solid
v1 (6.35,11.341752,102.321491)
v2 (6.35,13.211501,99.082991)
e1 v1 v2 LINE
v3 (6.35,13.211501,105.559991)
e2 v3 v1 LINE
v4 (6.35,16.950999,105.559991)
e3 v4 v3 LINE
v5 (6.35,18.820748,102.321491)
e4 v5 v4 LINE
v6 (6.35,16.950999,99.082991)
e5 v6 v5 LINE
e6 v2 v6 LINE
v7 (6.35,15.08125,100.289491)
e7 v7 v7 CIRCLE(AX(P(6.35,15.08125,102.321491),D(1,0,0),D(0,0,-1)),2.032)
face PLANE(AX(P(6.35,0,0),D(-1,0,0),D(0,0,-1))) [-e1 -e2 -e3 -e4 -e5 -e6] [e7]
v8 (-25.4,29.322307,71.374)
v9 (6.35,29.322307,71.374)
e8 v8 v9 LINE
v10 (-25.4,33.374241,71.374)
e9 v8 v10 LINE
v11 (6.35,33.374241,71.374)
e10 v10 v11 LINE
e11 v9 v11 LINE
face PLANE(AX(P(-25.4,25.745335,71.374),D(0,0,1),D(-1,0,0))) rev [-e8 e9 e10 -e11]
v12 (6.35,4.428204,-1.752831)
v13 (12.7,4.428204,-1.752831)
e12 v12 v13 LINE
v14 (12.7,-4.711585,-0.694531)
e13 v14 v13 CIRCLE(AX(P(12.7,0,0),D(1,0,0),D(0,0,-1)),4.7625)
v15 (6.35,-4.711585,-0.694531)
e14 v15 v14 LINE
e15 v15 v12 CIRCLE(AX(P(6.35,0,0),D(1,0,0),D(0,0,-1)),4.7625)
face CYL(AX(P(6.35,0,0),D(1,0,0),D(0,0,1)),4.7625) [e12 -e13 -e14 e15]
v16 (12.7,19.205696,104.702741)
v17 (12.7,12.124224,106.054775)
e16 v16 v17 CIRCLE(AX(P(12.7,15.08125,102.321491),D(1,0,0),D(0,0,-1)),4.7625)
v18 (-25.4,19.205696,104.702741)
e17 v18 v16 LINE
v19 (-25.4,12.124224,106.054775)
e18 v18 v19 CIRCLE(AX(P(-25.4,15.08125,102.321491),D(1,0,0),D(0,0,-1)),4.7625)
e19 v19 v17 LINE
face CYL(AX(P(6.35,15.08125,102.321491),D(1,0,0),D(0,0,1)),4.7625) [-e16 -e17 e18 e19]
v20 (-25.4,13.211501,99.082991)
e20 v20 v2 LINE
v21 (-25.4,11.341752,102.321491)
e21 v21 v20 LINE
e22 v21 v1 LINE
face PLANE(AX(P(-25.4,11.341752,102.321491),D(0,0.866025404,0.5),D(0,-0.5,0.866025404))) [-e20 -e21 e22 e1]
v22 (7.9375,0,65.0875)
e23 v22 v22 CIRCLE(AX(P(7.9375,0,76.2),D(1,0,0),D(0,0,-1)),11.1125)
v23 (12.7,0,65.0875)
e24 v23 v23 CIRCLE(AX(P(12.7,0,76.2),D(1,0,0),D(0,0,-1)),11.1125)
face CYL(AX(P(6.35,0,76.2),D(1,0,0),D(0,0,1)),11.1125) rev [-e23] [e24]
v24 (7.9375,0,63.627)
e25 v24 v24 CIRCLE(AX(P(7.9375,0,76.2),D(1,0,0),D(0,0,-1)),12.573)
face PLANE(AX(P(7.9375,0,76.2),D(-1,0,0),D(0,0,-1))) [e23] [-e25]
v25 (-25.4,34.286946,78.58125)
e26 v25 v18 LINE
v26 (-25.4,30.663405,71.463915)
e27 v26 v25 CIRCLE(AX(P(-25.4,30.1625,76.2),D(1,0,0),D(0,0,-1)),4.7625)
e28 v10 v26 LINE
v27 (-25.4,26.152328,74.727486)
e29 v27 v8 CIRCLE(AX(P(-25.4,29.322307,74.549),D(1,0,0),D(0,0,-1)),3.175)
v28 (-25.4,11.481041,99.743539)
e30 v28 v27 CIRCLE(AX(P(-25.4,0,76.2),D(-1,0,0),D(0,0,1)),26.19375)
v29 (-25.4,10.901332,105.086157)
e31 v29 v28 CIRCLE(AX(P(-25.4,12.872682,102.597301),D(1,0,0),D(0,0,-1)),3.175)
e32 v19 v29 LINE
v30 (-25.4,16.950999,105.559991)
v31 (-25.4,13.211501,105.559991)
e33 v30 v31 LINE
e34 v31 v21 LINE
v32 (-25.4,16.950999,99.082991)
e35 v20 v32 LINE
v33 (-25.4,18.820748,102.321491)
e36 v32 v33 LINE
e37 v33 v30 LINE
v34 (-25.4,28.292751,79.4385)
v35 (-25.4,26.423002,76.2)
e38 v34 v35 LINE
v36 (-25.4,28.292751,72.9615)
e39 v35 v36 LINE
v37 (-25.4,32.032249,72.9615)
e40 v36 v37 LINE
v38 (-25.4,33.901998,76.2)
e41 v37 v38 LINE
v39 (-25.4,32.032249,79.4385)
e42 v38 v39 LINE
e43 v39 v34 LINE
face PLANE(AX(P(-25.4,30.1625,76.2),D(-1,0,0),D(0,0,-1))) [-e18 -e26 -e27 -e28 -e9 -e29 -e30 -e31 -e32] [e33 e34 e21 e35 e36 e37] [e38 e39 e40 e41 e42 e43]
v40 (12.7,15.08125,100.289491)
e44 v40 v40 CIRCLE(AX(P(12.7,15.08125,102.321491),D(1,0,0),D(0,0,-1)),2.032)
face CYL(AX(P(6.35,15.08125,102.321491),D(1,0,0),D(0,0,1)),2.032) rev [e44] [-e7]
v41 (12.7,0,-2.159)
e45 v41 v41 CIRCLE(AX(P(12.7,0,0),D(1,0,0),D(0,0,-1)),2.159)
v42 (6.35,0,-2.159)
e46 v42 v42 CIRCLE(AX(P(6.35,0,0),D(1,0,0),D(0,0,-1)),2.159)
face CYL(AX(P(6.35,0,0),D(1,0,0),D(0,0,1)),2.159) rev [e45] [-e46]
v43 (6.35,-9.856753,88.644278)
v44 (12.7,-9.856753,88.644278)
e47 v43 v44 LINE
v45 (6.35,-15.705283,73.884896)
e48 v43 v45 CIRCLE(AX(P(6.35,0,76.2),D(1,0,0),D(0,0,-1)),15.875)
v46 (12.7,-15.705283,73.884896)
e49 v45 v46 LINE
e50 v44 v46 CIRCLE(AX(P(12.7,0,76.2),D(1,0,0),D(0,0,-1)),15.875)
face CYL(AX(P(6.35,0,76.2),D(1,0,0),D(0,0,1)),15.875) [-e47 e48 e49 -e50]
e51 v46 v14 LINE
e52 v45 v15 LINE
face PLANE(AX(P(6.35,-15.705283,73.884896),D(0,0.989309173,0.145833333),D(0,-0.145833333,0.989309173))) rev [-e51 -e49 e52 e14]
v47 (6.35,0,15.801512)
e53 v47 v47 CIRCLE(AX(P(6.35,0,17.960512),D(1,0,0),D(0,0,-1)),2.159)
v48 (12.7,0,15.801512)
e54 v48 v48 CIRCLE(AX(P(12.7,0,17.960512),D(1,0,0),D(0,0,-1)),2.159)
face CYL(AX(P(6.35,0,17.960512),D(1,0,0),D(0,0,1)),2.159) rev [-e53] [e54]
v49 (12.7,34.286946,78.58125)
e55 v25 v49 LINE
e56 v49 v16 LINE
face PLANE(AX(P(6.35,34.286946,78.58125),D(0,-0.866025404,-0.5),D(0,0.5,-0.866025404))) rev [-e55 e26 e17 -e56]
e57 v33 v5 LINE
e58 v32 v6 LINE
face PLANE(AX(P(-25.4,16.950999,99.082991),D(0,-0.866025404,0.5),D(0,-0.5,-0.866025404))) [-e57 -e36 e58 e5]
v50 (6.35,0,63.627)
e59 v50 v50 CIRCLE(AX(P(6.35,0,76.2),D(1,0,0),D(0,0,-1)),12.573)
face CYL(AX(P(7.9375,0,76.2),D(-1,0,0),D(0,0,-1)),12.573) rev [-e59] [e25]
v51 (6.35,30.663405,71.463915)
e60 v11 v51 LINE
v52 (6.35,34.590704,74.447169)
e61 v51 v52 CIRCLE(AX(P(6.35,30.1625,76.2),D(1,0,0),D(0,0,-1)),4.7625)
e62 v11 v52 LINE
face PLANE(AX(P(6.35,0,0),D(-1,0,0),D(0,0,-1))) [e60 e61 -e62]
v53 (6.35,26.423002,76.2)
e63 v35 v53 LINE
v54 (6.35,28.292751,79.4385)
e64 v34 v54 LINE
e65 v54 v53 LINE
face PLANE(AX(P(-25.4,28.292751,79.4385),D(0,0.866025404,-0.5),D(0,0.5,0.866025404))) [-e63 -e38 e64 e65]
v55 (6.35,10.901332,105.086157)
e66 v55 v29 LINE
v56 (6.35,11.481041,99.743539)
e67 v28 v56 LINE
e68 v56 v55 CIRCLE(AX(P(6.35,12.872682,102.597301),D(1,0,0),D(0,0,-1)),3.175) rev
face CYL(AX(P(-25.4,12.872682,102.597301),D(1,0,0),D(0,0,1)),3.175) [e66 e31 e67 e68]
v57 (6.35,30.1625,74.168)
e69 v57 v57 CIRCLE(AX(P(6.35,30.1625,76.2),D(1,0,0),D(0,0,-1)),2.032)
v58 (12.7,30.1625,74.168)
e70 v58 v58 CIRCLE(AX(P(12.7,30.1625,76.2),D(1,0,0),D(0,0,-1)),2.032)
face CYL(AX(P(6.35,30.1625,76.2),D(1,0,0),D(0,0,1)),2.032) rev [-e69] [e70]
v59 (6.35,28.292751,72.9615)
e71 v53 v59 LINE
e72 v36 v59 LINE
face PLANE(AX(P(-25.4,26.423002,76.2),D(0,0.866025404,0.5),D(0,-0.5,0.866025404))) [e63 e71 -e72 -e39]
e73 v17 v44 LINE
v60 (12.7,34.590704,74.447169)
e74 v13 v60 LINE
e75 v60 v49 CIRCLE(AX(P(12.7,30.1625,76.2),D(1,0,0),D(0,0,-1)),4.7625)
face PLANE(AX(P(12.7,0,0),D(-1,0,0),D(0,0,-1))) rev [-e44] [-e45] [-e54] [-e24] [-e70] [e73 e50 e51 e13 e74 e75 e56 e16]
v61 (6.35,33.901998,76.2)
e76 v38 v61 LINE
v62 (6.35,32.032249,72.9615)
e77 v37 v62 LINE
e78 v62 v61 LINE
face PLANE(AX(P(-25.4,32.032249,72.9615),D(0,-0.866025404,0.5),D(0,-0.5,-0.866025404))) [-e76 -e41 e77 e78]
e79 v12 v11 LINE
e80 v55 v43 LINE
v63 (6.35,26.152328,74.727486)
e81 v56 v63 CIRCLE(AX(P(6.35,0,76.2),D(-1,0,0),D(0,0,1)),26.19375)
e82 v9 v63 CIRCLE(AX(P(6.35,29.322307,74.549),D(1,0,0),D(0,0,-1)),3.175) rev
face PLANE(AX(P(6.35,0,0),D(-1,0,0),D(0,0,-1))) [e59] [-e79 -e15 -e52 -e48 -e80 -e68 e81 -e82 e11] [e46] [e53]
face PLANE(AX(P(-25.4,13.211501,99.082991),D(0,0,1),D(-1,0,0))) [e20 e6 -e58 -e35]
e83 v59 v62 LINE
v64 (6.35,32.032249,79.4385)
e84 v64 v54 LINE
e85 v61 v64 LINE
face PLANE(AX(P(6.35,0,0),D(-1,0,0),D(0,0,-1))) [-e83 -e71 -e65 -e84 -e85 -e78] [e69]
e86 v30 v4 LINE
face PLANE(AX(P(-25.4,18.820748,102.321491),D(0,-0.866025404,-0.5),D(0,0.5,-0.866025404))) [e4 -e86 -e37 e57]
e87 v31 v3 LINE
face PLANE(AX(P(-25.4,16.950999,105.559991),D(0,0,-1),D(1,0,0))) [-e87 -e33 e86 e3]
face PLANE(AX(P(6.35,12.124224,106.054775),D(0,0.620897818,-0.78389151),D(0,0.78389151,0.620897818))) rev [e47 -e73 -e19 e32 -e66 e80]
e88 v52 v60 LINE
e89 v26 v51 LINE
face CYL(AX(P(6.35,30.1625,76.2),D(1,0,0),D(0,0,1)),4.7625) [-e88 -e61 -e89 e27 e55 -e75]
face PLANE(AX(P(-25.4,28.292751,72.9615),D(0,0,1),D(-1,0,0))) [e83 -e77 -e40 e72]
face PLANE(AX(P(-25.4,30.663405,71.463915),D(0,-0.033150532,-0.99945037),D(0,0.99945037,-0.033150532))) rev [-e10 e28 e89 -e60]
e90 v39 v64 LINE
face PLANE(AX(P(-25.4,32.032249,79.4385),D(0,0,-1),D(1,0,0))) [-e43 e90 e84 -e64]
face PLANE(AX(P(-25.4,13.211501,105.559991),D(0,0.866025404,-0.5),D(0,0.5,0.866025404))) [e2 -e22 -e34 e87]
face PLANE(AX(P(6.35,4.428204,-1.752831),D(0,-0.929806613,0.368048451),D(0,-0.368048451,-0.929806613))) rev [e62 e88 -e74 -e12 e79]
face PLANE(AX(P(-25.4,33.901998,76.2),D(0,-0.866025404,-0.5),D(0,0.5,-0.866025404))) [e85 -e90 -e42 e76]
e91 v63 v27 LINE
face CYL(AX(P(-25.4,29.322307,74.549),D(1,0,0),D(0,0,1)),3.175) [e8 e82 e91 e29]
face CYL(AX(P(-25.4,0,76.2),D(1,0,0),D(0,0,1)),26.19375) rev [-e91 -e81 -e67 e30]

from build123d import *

# Parameters (mm, degrees)
SKETCH1_R           = 2.159
SKETCH1_R_2         = 11.112499999999992
SKETCH1_R_3         = 2.032000000000007
SKETCH1_R_4         = 2.0320000000000227
SKETCH1_R_5         = 2.159000000000001
BOSS_EXTRUDE1_DEPTH = 6.35
SKETCH2_R           = 12.573000000000004
CUT_EXTRUDE1_DEPTH  = 1.5875
BOSS_EXTRUDE2_DEPTH = 31.75
FILLET1_R           = 3.175


with BuildPart() as part:
    # Sketch1 → Boss-Extrude1 (new body)
    with BuildSketch(Plane(origin=(0, 0, 0), x_dir=(0, 0, -1), z_dir=(1, 0, 0))):
        with BuildLine():
            Line((1.7528307479226393, 4.428203994751931), (-74.44716925207737, 34.59070399475192))
            ThreePointArc((-74.44716925207737, 34.59070399475192), (-76.54899129091997, 34.912195919620736), (-78.58125, 34.28694598552338))
            Line((-78.58125, 34.28694598552338), (-104.70274124164806, 19.205695985523498))
            ThreePointArc((-104.70274124164806, 19.205695985523498), (-106.99949191381467, 15.974399461853373), (-106.05477455872966, 12.124224142081344))
            Line((-106.05477455872966, 12.124224142081344), (-88.64427772360533, -9.856752859729227))
            ThreePointArc((-88.64427772360533, -9.856752859729227), (-82.04819337667968, -14.758531743671528), (-73.88489583333335, -15.705283114209777))
            Line((-73.88489583333335, -15.705283114209777), (0.6945312500000005, -4.711584934262932))
            ThreePointArc((0.6945312500000005, -4.711584934262932), (4.730891100411702, -0.5477916082283132), (1.7528307479226393, 4.428203994751931))
        make_face()
        Circle(SKETCH1_R, mode=Mode.SUBTRACT)
        with Locations((-76.2, -9.33e-15)):
            Circle(SKETCH1_R_2, mode=Mode.SUBTRACT)
        with Locations((-76.2, 30.162499999999987)):
            Circle(SKETCH1_R_3, mode=Mode.SUBTRACT)
        with Locations((-102.32149124164806, 15.081250000000113)):
            Circle(SKETCH1_R_4, mode=Mode.SUBTRACT)
        with Locations((-17.960512242138307, -2.2e-15)):
            Circle(SKETCH1_R_5, mode=Mode.SUBTRACT)
    extrude(amount=BOSS_EXTRUDE1_DEPTH)

    # Sketch2 → Cut-Extrude1 (cut)
    with BuildSketch(Plane(origin=(6.35, 0, 0), x_dir=(0, 0, -1), z_dir=(1, 0, 0))):
        with Locations((-76.2, -9.33e-15)):
            Circle(SKETCH2_R)
    extrude(amount=-CUT_EXTRUDE1_DEPTH, mode=Mode.SUBTRACT)

    # Sketch3 → Boss-Extrude2 (add)
    with BuildSketch(Plane(origin=(6.35, 0, 0), x_dir=(0, 0, -1), z_dir=(1, 0, 0))):
        with BuildLine():
            Line((-78.58125000000001, 34.286945985523374), (-104.70274124164803, 19.20569598552344))
            ThreePointArc((-104.70274124164803, 19.20569598552344), (-106.9994919138146, 15.974399461853357), (-106.05477455872966, 12.124224142081344))
            Line((-106.05477455872966, 12.124224142081344), (-101.58067912721546, 6.475620904888487))
            ThreePointArc((-101.58067912721546, 6.475620904888487), (-90.28737650298505, 22.08298807511437), (-71.374, 25.745334782490193))
            Line((-71.374, 25.745334782490193), (-71.374, 33.37424116580463))
            Line((-71.374, 33.37424116580463), (-71.46391508012837, 30.663405062626204))
            ThreePointArc((-71.46391508012837, 30.663405062626204), (-74.0392538140866, 34.40662325104498), (-78.58125000000001, 34.286945985523374))
        make_face()
        Polygon((-76.19999999999999, 33.901997693541205), (-79.4385, 32.03224884677059), (-79.4385, 28.292751153229368), (-76.20000000000002, 26.42300230645877), (-72.9615, 28.292751153229386), (-72.9615, 32.03224884677061), align=None, mode=Mode.SUBTRACT)
        Polygon((-102.32149124164808, 18.820747693541325), (-105.55999124164805, 16.950998846770727), (-105.55999124164805, 13.211501153229527), (-102.32149124164805, 11.341752306458922), (-99.08299124164807, 13.211501153229516), (-99.08299124164807, 16.95099884677072), align=None, mode=Mode.SUBTRACT)
    extrude(amount=BOSS_EXTRUDE2_DEPTH)

    # Fillet1
    fillet1_edges = [part.edges().sort_by_distance(p)[0] for p in [
        (22.225, 25.745334782490197, 71.374),
        (22.225, 6.475620904888487, 101.58067912721546),
    ]]
    fillet(fillet1_edges, radius=FILLET1_R)


with BuildPart() as body_2:
    # Mirror1: mirrored copy
    add(part.part.mirror(Plane(origin=(6.35, 0, 0), x_dir=(0, 0, 1), z_dir=(1, 0, 0))))


solid = body_2.part
